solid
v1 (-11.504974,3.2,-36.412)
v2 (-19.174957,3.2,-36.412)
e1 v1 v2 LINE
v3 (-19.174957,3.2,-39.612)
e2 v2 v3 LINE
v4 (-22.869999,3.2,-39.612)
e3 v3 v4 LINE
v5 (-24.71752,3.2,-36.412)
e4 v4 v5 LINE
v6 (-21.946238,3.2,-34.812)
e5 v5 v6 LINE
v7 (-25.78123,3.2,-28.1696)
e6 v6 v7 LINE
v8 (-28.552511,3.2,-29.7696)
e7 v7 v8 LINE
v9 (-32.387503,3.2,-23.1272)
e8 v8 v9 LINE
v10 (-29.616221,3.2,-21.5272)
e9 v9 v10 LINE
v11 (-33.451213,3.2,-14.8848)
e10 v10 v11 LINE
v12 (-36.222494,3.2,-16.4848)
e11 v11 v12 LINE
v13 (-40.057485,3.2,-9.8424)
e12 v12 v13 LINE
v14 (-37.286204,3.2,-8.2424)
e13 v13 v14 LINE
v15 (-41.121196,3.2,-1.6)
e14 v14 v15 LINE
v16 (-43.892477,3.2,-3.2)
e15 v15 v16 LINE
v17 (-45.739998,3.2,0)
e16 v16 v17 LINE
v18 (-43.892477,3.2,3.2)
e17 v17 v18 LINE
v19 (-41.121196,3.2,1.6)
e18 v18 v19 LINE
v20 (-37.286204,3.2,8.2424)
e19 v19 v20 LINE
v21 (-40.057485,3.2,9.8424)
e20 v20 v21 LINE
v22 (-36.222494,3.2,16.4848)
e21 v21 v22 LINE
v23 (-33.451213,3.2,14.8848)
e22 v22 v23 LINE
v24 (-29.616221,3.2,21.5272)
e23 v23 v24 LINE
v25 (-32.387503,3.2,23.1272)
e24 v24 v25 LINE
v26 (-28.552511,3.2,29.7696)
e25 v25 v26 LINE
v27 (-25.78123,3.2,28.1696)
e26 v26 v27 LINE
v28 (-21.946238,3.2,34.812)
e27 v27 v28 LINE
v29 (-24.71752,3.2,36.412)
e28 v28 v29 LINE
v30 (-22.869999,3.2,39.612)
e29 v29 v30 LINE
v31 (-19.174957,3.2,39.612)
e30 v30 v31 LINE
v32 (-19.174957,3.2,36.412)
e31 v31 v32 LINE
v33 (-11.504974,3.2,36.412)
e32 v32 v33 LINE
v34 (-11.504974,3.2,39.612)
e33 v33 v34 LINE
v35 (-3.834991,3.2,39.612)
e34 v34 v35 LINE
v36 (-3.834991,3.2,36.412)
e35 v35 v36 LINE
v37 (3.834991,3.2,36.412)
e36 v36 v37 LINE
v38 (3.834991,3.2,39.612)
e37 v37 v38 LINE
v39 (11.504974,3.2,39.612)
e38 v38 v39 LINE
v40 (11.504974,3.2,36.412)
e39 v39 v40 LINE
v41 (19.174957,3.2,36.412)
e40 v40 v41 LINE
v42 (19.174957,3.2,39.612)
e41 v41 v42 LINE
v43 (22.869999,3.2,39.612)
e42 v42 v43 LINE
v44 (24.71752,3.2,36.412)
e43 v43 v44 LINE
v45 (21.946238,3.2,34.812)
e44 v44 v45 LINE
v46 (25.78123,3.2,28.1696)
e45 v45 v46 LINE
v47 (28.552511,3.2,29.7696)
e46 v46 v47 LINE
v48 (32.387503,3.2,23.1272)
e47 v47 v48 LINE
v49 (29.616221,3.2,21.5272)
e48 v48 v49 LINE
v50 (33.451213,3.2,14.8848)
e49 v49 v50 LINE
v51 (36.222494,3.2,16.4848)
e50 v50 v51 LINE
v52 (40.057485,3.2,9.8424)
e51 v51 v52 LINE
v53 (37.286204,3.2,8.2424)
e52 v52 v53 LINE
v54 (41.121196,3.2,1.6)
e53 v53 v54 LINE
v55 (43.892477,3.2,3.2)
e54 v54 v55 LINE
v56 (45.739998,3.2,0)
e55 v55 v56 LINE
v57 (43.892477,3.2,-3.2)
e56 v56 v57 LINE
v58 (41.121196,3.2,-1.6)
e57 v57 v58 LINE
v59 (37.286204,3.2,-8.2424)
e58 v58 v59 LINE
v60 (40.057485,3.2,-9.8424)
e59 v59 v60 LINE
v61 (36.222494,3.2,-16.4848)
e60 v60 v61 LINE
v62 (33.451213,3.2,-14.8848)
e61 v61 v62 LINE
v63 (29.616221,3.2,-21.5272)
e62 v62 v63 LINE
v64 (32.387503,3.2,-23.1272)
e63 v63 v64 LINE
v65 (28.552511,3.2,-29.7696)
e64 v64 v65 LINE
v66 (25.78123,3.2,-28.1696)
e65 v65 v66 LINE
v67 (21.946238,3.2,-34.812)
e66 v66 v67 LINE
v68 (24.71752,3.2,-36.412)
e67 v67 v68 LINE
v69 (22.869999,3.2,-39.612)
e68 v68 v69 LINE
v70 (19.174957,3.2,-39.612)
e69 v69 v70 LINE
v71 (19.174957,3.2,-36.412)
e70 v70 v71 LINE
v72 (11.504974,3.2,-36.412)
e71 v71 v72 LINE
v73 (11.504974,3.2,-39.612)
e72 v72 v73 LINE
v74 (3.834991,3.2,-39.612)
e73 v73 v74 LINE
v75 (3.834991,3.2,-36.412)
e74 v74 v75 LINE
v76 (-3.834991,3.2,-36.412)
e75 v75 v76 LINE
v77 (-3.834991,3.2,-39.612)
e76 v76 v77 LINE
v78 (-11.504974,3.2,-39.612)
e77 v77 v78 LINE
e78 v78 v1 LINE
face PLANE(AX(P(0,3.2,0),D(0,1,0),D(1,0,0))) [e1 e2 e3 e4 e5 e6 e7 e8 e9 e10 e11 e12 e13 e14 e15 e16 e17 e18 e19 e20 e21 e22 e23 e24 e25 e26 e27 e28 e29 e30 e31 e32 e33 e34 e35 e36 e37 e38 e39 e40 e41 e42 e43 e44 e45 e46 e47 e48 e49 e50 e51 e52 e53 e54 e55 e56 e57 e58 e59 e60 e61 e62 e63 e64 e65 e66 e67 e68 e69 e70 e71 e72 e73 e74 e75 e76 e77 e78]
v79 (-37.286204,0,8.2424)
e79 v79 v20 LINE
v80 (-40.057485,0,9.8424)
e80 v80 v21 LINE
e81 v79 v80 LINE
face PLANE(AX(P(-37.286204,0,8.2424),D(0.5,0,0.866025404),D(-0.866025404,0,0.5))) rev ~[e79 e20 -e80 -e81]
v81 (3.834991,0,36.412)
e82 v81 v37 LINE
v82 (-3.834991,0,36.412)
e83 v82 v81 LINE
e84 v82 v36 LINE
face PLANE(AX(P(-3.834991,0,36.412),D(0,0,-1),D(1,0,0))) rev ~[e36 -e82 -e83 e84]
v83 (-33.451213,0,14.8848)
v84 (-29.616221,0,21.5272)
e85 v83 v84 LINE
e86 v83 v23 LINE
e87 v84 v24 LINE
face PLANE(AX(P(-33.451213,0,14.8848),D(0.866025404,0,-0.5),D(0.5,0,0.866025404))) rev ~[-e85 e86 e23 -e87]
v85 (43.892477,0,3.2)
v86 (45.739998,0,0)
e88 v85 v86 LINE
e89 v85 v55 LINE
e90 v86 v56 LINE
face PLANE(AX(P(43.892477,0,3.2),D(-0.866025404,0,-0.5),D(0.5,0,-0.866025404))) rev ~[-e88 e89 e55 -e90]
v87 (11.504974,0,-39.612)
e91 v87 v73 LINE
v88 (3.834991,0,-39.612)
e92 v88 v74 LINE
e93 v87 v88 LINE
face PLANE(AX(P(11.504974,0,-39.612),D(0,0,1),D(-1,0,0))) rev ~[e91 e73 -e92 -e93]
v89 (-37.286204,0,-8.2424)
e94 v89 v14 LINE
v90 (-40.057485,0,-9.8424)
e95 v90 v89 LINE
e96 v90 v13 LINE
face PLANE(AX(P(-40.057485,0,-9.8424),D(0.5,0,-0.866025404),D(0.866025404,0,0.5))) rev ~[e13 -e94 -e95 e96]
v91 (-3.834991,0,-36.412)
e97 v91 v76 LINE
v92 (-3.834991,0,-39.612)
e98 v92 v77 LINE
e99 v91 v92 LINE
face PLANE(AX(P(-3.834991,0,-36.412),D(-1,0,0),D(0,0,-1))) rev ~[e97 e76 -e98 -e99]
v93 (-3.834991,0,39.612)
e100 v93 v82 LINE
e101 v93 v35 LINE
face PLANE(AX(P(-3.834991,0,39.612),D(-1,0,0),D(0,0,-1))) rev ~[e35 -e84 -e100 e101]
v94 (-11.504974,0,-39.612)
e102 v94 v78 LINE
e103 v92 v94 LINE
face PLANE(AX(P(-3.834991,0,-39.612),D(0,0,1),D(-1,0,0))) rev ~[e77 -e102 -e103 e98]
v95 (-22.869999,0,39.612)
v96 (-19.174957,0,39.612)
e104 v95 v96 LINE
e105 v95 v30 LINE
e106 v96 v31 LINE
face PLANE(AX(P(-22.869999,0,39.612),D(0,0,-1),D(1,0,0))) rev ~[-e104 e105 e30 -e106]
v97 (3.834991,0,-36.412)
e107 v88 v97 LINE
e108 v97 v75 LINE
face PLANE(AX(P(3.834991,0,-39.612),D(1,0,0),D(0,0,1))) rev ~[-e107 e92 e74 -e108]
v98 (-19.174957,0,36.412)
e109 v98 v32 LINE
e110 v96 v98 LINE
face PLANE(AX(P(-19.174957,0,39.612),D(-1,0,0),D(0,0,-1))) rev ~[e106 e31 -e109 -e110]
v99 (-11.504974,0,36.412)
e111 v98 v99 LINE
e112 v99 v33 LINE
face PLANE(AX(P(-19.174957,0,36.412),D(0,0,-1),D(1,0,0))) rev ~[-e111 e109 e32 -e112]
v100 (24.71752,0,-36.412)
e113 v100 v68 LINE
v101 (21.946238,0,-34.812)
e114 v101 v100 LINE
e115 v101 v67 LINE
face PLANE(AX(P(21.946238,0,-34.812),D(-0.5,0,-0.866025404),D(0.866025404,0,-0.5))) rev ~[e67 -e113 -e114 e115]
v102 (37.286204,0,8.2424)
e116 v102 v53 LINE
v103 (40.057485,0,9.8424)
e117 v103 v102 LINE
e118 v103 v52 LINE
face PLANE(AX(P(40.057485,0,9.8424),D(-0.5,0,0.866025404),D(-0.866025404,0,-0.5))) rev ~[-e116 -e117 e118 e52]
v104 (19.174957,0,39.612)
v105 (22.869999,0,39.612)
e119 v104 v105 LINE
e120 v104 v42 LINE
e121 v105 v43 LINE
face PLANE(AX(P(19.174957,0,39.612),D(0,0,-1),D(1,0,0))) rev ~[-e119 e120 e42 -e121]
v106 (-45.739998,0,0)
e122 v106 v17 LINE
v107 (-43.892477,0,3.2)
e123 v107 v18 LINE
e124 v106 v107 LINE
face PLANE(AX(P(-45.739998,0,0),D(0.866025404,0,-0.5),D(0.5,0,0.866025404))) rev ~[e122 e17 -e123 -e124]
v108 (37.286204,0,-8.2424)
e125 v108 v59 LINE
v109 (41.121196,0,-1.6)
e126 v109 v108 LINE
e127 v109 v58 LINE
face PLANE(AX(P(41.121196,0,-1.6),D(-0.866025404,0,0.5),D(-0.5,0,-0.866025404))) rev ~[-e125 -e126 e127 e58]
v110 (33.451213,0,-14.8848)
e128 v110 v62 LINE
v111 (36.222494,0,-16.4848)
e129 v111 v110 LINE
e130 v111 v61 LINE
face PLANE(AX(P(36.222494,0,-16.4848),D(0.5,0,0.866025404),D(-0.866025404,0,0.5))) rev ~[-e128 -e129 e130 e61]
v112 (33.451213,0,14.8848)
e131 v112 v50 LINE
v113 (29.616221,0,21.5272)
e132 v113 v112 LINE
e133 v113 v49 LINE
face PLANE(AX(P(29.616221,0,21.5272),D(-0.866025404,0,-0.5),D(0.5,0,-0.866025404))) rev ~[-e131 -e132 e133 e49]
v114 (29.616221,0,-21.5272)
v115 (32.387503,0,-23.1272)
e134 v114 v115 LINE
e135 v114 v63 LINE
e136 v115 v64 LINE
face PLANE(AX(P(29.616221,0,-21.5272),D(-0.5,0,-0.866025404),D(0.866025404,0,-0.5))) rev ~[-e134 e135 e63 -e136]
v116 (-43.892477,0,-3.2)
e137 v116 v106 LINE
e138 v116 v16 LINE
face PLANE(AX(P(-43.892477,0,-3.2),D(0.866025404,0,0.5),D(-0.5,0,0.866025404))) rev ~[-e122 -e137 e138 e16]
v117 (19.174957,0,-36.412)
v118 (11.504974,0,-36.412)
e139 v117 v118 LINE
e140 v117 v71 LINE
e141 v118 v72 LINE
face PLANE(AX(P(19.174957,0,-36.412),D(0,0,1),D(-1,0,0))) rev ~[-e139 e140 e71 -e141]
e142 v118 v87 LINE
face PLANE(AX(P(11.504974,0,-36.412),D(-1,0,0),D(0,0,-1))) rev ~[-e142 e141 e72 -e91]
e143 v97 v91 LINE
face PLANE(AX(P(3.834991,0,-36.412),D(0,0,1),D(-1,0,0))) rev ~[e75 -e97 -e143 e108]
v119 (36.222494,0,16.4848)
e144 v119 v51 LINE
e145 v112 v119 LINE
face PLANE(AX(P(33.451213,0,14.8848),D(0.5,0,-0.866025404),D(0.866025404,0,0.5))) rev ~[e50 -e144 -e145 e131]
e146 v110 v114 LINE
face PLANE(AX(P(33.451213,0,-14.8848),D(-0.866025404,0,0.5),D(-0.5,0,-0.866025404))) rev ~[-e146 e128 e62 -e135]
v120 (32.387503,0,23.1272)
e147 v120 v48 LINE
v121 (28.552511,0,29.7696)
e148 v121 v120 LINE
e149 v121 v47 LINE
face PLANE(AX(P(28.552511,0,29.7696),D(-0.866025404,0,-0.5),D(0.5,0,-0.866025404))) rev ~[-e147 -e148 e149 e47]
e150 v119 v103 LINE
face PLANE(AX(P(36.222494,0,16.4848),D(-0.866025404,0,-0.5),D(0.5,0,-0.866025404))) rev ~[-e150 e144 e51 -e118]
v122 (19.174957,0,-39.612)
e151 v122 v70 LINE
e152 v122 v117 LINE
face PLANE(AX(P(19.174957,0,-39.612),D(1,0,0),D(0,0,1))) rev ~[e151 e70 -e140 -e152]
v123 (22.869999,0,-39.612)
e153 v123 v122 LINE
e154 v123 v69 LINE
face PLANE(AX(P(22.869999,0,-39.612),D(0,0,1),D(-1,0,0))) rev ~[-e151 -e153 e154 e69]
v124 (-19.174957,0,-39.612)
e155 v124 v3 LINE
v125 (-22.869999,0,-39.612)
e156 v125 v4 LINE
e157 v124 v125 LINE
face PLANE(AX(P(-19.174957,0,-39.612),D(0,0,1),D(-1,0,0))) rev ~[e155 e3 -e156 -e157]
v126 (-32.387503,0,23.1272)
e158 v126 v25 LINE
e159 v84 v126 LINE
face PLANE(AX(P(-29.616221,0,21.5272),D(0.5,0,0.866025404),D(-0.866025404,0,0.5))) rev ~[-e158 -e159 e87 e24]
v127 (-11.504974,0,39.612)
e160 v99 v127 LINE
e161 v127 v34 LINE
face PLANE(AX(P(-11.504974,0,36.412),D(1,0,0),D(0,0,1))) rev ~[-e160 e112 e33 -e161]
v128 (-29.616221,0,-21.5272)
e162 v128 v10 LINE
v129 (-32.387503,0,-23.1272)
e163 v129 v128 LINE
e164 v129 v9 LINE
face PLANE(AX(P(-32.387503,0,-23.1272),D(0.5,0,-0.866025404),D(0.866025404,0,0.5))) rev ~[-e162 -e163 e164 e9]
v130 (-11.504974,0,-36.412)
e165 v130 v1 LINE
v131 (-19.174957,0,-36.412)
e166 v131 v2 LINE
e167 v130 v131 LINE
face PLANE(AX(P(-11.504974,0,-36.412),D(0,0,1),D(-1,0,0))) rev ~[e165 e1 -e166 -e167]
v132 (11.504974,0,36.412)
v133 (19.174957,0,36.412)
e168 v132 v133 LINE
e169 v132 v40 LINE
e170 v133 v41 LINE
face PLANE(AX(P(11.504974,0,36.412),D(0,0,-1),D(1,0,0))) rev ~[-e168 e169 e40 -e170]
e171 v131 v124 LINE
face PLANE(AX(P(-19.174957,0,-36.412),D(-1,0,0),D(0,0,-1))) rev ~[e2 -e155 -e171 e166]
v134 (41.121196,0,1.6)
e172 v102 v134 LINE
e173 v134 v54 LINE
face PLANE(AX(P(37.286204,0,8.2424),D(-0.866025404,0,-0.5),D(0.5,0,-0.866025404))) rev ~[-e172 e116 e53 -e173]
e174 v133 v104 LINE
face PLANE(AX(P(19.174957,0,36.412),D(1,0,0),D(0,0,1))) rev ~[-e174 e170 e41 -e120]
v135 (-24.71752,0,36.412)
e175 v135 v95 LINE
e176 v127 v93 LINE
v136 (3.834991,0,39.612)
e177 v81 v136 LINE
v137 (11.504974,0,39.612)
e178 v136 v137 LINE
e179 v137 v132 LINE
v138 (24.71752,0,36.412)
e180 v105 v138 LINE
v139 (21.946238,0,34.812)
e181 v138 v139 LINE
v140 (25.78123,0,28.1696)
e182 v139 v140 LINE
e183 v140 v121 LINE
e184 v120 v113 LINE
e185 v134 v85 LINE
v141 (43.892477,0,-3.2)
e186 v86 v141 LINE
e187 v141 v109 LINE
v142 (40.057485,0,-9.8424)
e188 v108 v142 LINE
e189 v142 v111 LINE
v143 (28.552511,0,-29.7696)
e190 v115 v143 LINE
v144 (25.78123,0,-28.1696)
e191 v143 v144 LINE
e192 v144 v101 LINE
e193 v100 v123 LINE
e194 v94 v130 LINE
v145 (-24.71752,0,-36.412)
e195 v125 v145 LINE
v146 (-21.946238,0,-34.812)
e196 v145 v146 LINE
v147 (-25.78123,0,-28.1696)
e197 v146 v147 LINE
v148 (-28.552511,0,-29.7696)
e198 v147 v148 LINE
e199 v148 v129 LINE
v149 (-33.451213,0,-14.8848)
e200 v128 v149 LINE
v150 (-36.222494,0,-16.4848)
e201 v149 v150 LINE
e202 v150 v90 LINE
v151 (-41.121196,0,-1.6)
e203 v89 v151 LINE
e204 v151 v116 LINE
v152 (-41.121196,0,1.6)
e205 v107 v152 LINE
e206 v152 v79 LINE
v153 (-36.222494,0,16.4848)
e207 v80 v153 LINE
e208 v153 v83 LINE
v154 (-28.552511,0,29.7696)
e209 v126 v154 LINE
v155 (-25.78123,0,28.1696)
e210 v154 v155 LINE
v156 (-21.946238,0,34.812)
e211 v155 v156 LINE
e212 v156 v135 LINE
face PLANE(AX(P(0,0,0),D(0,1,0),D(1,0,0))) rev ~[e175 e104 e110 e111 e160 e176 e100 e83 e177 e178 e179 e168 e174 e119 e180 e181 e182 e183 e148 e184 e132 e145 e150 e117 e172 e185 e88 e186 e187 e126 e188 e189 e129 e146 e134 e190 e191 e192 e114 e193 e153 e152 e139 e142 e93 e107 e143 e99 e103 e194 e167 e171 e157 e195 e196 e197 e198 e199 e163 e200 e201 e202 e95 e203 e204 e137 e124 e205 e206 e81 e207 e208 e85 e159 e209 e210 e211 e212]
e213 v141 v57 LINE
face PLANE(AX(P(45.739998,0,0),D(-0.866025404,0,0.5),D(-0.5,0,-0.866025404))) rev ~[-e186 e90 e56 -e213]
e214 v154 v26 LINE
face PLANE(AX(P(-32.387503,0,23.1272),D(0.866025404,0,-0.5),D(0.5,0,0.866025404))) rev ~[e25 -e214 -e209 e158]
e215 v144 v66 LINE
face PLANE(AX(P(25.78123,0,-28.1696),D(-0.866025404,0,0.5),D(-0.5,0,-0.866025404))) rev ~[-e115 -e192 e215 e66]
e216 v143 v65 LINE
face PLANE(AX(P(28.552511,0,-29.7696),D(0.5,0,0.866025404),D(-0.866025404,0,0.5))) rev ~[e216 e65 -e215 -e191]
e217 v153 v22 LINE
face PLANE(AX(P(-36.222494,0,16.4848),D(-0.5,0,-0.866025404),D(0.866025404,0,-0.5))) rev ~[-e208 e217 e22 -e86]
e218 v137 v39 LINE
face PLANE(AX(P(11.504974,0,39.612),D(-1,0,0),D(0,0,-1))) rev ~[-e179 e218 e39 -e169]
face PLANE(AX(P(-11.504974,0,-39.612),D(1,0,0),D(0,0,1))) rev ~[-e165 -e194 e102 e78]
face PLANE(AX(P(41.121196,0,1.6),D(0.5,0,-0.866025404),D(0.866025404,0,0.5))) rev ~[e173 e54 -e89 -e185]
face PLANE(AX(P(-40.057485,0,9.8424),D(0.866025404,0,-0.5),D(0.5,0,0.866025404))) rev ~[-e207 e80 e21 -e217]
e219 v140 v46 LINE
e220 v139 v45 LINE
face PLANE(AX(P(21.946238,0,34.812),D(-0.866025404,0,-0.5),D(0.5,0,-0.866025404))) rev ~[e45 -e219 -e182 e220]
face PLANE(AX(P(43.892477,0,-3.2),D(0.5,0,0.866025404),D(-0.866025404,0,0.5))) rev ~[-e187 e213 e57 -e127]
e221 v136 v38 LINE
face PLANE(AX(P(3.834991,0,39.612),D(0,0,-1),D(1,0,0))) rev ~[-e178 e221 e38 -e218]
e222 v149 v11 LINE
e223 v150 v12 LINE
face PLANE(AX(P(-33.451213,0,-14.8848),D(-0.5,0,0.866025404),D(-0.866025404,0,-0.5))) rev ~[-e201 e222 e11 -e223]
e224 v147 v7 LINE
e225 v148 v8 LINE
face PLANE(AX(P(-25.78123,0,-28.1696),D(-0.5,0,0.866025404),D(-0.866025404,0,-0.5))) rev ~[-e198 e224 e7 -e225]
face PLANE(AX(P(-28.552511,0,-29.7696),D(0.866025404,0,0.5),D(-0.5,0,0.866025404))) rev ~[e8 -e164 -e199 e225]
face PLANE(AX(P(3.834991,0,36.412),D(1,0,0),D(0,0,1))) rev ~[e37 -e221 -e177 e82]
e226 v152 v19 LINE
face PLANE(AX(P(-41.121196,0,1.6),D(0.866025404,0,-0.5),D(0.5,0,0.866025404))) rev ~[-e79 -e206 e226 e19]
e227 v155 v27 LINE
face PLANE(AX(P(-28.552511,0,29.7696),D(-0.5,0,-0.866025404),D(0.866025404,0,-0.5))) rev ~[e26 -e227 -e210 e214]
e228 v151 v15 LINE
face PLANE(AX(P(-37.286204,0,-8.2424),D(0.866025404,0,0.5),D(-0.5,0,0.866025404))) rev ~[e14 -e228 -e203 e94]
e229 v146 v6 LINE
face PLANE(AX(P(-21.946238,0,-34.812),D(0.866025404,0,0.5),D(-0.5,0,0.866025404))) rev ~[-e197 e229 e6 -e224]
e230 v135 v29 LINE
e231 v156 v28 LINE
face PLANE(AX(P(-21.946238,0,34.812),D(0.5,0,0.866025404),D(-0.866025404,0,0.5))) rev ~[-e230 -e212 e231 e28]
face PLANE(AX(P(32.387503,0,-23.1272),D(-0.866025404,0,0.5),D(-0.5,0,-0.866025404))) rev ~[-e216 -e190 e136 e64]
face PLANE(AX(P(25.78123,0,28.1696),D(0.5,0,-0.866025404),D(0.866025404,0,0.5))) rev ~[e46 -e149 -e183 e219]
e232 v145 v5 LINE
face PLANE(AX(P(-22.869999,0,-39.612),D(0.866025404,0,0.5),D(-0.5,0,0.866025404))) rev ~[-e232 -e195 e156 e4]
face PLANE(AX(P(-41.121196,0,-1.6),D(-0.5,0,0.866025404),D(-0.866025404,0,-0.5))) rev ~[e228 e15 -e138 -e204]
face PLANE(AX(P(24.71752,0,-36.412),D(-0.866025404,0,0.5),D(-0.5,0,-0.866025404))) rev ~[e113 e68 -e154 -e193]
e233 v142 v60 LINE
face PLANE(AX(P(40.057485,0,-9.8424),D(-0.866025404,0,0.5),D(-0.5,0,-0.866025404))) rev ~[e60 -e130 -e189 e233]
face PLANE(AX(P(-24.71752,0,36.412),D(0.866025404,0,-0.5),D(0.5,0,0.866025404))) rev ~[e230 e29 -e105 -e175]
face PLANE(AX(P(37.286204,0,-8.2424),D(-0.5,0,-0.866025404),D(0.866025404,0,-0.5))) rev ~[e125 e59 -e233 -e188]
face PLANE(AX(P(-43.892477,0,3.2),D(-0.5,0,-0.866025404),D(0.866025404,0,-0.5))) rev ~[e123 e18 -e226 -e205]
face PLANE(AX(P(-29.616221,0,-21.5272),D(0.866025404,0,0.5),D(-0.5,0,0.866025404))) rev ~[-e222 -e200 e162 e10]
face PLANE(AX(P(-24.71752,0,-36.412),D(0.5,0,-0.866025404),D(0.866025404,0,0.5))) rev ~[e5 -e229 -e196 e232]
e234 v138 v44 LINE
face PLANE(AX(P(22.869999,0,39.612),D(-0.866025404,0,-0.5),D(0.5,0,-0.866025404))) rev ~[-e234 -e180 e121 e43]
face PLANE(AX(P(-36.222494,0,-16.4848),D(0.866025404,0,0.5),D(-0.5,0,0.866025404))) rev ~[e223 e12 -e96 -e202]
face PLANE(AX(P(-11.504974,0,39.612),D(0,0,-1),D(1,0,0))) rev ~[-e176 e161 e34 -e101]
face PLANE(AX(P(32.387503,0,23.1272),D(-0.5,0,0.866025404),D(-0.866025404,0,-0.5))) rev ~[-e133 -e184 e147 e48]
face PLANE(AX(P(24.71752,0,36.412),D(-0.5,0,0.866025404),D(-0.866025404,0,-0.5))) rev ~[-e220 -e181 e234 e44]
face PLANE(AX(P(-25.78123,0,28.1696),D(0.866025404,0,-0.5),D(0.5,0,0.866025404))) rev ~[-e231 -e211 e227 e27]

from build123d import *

# Parameters (mm, degrees)
BOSS_EXTRUDE3_DEPTH = 3.2


with BuildPart() as part:
    # Sketch1 → Boss-Extrude3 (new body)
    with BuildSketch(Plane(origin=(0, 0, 0), x_dir=(1, 0, 0), z_dir=(0, 1, 0))):
        Polygon((-22.869998863, -39.612), (-19.17495714, -39.612), (-19.17495714, -36.412), (-11.504974284, -36.412), (-11.504974284, -39.612), (-3.834991428, -39.612), (-3.834991428, -36.412), (3.834991428, -36.412), (3.834991428, -39.612), (11.504974284, -39.612), (11.504974284, -36.412), (19.17495714, -36.412), (19.17495714, -39.612), (22.869998863, -39.612), (24.717519725, -36.412), (21.946238432, -34.812), (25.781229861, -28.1696), (28.552511153, -29.7696), (32.387502581, -23.1272), (29.616221289, -21.5272), (33.451212717, -14.8848), (36.222494009, -16.4848), (40.057485437, -9.8424), (37.286204145, -8.2424), (41.121195573, -1.6), (43.892476865, -3.2), (45.739997726, 0), (43.892476865, 3.2), (41.121195573, 1.6), (37.286204145, 8.2424), (40.057485437, 9.8424), (36.222494009, 16.4848), (33.451212717, 14.8848), (29.616221289, 21.5272), (32.387502581, 23.1272), (28.552511153, 29.7696), (25.781229861, 28.1696), (21.946238432, 34.812), (24.717519725, 36.412), (22.869998863, 39.612), (19.17495714, 39.612), (19.17495714, 36.412), (11.504974284, 36.412), (11.504974284, 39.612), (3.834991428, 39.612), (3.834991428, 36.412), (-3.834991428, 36.412), (-3.834991428, 39.612), (-11.504974284, 39.612), (-11.504974284, 36.412), (-19.17495714, 36.412), (-19.17495714, 39.612), (-22.869998863, 39.612), (-24.717519725, 36.412), (-21.946238432, 34.812), (-25.781229861, 28.1696), (-28.552511153, 29.7696), (-32.387502581, 23.1272), (-29.616221289, 21.5272), (-33.451212717, 14.8848), (-36.222494009, 16.4848), (-40.057485437, 9.8424), (-37.286204145, 8.2424), (-41.121195573, 1.6), (-43.892476865, 3.2), (-45.739997726, 0), (-43.892476865, -3.2), (-41.121195573, -1.6), (-37.286204145, -8.2424), (-40.057485437, -9.8424), (-36.222494009, -16.4848), (-33.451212717, -14.8848), (-29.616221289, -21.5272), (-32.387502581, -23.1272), (-28.552511153, -29.7696), (-25.781229861, -28.1696), (-21.946238432, -34.812), (-24.717519725, -36.412), align=None)
    extrude(amount=BOSS_EXTRUDE3_DEPTH)


solid = part.part
